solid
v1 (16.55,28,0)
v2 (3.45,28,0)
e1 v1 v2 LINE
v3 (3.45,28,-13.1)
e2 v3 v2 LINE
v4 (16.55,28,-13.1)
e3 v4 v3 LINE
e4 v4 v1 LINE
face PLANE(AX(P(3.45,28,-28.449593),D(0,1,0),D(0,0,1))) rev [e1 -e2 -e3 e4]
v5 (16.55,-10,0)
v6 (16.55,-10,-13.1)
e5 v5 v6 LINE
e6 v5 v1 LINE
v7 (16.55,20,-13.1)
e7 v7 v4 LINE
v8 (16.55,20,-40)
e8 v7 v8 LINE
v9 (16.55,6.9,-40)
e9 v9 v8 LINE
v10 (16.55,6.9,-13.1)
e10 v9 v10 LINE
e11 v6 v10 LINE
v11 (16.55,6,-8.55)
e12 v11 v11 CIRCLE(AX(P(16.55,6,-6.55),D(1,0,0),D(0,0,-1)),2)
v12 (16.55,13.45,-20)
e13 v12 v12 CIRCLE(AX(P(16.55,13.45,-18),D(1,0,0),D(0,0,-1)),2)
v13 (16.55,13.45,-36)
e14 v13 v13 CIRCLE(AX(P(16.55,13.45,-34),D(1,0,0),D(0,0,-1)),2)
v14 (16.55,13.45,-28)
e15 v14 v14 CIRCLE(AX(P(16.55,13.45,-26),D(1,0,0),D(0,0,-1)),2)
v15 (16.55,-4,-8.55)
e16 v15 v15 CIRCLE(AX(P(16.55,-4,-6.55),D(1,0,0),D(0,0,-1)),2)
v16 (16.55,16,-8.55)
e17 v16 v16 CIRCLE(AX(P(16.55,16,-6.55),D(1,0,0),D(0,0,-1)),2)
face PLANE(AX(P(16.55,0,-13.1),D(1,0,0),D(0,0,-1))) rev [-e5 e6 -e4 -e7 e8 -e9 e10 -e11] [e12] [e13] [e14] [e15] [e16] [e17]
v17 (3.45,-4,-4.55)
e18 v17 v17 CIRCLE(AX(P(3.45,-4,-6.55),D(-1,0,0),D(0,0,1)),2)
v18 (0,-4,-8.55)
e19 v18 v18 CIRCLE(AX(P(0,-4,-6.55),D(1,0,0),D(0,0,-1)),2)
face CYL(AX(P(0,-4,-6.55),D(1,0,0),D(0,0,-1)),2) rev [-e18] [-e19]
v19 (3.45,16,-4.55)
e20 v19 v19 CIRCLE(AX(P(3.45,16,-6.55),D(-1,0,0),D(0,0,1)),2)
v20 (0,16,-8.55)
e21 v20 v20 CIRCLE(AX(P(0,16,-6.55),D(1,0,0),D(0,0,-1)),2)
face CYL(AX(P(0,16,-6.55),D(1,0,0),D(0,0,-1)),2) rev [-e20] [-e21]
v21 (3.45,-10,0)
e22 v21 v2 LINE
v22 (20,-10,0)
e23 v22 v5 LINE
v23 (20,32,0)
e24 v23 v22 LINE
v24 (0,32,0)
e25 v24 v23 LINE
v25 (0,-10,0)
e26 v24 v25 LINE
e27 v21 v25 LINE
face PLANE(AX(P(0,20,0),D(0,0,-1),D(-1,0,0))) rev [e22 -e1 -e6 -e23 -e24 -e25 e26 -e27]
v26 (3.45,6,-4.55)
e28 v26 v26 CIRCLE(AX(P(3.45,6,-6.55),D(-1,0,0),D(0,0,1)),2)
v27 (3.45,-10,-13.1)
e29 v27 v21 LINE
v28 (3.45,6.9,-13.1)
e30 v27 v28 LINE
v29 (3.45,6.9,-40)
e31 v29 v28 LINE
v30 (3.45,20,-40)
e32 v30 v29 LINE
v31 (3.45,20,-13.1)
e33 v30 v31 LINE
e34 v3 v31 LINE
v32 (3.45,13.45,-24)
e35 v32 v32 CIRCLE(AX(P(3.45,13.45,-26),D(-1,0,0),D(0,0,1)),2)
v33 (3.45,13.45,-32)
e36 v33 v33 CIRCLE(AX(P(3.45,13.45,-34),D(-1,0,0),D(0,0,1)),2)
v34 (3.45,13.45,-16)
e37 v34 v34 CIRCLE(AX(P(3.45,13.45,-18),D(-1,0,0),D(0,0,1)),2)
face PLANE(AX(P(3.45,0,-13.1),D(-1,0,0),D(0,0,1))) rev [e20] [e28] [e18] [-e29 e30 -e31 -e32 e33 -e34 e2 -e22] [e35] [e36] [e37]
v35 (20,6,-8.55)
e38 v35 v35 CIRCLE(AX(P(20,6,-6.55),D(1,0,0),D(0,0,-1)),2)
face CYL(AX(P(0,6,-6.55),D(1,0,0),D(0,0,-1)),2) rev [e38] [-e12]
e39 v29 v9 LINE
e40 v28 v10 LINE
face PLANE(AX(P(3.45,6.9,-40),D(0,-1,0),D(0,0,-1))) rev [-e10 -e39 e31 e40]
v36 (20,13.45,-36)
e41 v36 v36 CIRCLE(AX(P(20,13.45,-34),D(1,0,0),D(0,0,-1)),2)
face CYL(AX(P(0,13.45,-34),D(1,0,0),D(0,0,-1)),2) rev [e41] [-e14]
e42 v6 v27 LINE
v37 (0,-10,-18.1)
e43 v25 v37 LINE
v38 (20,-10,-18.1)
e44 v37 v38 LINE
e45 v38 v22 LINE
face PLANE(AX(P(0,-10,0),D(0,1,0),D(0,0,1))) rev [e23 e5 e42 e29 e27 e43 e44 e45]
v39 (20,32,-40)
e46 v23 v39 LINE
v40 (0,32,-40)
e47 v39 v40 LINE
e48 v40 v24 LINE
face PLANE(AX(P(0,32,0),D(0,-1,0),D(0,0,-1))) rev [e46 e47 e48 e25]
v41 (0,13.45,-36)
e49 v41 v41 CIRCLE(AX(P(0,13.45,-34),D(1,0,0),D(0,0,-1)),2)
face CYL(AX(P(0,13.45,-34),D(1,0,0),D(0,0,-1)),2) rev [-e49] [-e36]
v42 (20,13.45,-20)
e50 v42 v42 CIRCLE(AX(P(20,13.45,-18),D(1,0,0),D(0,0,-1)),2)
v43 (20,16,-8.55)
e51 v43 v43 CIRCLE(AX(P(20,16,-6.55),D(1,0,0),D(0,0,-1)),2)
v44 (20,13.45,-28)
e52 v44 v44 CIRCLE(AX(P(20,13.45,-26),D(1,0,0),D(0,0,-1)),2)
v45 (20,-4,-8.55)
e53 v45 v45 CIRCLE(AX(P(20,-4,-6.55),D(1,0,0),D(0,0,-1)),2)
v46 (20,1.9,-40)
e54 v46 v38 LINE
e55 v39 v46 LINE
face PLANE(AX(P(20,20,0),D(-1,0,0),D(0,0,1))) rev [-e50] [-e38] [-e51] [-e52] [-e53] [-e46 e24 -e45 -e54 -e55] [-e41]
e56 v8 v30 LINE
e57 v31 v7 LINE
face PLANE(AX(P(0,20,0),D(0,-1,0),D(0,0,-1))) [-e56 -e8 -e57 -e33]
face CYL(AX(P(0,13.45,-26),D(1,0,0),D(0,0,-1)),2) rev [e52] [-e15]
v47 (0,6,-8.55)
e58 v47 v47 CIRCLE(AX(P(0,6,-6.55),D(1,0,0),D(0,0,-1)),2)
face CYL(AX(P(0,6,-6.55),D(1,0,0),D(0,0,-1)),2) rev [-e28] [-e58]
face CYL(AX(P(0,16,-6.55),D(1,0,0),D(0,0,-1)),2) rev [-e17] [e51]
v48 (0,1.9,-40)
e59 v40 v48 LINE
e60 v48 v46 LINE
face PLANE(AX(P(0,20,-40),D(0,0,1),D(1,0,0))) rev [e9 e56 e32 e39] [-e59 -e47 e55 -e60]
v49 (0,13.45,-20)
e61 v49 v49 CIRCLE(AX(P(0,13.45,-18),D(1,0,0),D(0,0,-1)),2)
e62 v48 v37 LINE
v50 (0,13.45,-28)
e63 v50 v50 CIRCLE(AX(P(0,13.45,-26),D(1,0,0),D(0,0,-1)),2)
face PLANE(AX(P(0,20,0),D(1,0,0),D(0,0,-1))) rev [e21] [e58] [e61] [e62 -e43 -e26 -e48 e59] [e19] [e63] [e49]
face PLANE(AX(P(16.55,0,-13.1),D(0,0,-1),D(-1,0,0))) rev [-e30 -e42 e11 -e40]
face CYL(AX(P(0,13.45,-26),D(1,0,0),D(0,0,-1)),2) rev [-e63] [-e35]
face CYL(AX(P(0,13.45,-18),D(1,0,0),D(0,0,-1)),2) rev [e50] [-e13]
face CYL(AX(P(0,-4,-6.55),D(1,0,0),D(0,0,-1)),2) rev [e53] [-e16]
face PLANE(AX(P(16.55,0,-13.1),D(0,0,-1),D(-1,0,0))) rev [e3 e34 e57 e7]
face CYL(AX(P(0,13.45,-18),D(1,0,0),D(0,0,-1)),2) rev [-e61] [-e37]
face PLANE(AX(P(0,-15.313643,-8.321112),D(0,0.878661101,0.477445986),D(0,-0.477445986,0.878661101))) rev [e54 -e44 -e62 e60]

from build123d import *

# Parameters (mm, degrees)
SKETCH1_W               = 20
SKETCH1_H               = 40
BOSS_EXTRUDE1_DEPTH     = 20
SKETCH2_W               = 13.1
SKETCH2_H               = 13.1
CUT_EXTRUDE1_DEPTH      = 49.989794856
SKETCH3_W               = 13.1
SKETCH3_H               = 13.1
CUT_EXTRUDE2_DEPTH      = 40.033447196
BOSS_EXTRUDE2_DEPTH     = 10
SKETCH5_W               = 20
SKETCH5_H               = 40
BOSS_EXTRUDE3_DEPTH     = 12
SKETCH6_W               = 13.1
SKETCH6_H               = 8
CUT_EXTRUDE3_DEPTH      = 13.1
SKETCH7_R               = 2
CUT_EXTRUDE4_DEPTH      = 55.990908339
CUT_EXTRUDE5_DEPTH      = 54.83216975
CUT_EXTRUDE5_DEPTH_BACK = 54.83216975
SKETCH8_R               = 2
CUT_EXTRUDE6_DEPTH      = 55.990908339


with BuildPart() as part:
    # Sketch1 → Boss-Extrude1 (new body)
    with BuildSketch(Plane(origin=(0, 0, 0), x_dir=(1, 0, 0), z_dir=(0, 1, 0))):
        with Locations((10, 20)):
            Rectangle(SKETCH1_W, SKETCH1_H)
    extrude(amount=BOSS_EXTRUDE1_DEPTH)

    # Sketch2 → Cut-Extrude1 (cut, through all)
    with BuildSketch(Plane(origin=(0, 20, 0), x_dir=(1, 0, 0), z_dir=(0, 1, 0))):
        with Locations((10, 6.55)):
            Rectangle(SKETCH2_W, SKETCH2_H)
    extrude(amount=-CUT_EXTRUDE1_DEPTH, mode=Mode.SUBTRACT)

    # Sketch3 → Cut-Extrude2 (cut, through all)
    with BuildSketch(Plane.XY.offset(-13.1)):
        with Locations((10, 13.45)):
            Rectangle(SKETCH3_W, SKETCH3_H)
    extrude(amount=-CUT_EXTRUDE2_DEPTH, mode=Mode.SUBTRACT)

    # Sketch4 → Boss-Extrude2 (add)
    with BuildSketch(Plane.XZ):
        Polygon((3.45, -13.1), (3.45, 0), (0, 0), (0, -40), (20, -40), (20, 0), (16.55, 0), (16.55, -13.1), align=None)
    extrude(amount=BOSS_EXTRUDE2_DEPTH)

    # Sketch5 → Boss-Extrude3 (add)
    with BuildSketch(Plane(origin=(0, 20, 0), x_dir=(1, 0, 0), z_dir=(0, 1, 0))):
        with Locations((10, 20)):
            Rectangle(SKETCH5_W, SKETCH5_H)
    extrude(amount=BOSS_EXTRUDE3_DEPTH)

    # Sketch6 → Cut-Extrude3 (cut)
    with BuildSketch(Plane.XY):
        with Locations((10, 24)):
            Rectangle(SKETCH6_W, SKETCH6_H)
    extrude(amount=-CUT_EXTRUDE3_DEPTH, mode=Mode.SUBTRACT)

    # Sketch7 → Cut-Extrude4 (cut, through all)
    with BuildSketch(Plane(origin=(20, 0, 0), x_dir=(0, 0, -1), z_dir=(1, 0, 0))):
        with Locations((6.55, -4)):
            Circle(SKETCH7_R)
        with Locations((6.55, 16)):
            Circle(SKETCH7_R)
        with Locations((6.55, 6)):
            Circle(SKETCH7_R)
    extrude(amount=-CUT_EXTRUDE4_DEPTH, mode=Mode.SUBTRACT)

    # Sketch8 → Cut-Extrude5 (cut, two sides: drawn at the far end of the back side and taken through both)
    with BuildSketch(Plane(origin=(3.45, 0, 0), x_dir=(0, 0, -1), z_dir=(1, 0, 0)).offset(-CUT_EXTRUDE5_DEPTH_BACK)):
        with Locations((34, 13.45)):
            Circle(SKETCH8_R)
        with Locations((26, 13.45)):
            Circle(SKETCH8_R)
        with Locations((18, 13.45)):
            Circle(SKETCH8_R)
    extrude(amount=CUT_EXTRUDE5_DEPTH + CUT_EXTRUDE5_DEPTH_BACK, mode=Mode.SUBTRACT)

    # Sketch9 → Cut-Extrude6 (cut, through all)
    with BuildSketch(Plane(origin=(20, 0, 0), x_dir=(0, 0, -1), z_dir=(1, 0, 0))):
        Polygon((18.1, -10), (40, -10), (40, 1.9), align=None)
    extrude(amount=-CUT_EXTRUDE6_DEPTH, mode=Mode.SUBTRACT)


solid = part.part
